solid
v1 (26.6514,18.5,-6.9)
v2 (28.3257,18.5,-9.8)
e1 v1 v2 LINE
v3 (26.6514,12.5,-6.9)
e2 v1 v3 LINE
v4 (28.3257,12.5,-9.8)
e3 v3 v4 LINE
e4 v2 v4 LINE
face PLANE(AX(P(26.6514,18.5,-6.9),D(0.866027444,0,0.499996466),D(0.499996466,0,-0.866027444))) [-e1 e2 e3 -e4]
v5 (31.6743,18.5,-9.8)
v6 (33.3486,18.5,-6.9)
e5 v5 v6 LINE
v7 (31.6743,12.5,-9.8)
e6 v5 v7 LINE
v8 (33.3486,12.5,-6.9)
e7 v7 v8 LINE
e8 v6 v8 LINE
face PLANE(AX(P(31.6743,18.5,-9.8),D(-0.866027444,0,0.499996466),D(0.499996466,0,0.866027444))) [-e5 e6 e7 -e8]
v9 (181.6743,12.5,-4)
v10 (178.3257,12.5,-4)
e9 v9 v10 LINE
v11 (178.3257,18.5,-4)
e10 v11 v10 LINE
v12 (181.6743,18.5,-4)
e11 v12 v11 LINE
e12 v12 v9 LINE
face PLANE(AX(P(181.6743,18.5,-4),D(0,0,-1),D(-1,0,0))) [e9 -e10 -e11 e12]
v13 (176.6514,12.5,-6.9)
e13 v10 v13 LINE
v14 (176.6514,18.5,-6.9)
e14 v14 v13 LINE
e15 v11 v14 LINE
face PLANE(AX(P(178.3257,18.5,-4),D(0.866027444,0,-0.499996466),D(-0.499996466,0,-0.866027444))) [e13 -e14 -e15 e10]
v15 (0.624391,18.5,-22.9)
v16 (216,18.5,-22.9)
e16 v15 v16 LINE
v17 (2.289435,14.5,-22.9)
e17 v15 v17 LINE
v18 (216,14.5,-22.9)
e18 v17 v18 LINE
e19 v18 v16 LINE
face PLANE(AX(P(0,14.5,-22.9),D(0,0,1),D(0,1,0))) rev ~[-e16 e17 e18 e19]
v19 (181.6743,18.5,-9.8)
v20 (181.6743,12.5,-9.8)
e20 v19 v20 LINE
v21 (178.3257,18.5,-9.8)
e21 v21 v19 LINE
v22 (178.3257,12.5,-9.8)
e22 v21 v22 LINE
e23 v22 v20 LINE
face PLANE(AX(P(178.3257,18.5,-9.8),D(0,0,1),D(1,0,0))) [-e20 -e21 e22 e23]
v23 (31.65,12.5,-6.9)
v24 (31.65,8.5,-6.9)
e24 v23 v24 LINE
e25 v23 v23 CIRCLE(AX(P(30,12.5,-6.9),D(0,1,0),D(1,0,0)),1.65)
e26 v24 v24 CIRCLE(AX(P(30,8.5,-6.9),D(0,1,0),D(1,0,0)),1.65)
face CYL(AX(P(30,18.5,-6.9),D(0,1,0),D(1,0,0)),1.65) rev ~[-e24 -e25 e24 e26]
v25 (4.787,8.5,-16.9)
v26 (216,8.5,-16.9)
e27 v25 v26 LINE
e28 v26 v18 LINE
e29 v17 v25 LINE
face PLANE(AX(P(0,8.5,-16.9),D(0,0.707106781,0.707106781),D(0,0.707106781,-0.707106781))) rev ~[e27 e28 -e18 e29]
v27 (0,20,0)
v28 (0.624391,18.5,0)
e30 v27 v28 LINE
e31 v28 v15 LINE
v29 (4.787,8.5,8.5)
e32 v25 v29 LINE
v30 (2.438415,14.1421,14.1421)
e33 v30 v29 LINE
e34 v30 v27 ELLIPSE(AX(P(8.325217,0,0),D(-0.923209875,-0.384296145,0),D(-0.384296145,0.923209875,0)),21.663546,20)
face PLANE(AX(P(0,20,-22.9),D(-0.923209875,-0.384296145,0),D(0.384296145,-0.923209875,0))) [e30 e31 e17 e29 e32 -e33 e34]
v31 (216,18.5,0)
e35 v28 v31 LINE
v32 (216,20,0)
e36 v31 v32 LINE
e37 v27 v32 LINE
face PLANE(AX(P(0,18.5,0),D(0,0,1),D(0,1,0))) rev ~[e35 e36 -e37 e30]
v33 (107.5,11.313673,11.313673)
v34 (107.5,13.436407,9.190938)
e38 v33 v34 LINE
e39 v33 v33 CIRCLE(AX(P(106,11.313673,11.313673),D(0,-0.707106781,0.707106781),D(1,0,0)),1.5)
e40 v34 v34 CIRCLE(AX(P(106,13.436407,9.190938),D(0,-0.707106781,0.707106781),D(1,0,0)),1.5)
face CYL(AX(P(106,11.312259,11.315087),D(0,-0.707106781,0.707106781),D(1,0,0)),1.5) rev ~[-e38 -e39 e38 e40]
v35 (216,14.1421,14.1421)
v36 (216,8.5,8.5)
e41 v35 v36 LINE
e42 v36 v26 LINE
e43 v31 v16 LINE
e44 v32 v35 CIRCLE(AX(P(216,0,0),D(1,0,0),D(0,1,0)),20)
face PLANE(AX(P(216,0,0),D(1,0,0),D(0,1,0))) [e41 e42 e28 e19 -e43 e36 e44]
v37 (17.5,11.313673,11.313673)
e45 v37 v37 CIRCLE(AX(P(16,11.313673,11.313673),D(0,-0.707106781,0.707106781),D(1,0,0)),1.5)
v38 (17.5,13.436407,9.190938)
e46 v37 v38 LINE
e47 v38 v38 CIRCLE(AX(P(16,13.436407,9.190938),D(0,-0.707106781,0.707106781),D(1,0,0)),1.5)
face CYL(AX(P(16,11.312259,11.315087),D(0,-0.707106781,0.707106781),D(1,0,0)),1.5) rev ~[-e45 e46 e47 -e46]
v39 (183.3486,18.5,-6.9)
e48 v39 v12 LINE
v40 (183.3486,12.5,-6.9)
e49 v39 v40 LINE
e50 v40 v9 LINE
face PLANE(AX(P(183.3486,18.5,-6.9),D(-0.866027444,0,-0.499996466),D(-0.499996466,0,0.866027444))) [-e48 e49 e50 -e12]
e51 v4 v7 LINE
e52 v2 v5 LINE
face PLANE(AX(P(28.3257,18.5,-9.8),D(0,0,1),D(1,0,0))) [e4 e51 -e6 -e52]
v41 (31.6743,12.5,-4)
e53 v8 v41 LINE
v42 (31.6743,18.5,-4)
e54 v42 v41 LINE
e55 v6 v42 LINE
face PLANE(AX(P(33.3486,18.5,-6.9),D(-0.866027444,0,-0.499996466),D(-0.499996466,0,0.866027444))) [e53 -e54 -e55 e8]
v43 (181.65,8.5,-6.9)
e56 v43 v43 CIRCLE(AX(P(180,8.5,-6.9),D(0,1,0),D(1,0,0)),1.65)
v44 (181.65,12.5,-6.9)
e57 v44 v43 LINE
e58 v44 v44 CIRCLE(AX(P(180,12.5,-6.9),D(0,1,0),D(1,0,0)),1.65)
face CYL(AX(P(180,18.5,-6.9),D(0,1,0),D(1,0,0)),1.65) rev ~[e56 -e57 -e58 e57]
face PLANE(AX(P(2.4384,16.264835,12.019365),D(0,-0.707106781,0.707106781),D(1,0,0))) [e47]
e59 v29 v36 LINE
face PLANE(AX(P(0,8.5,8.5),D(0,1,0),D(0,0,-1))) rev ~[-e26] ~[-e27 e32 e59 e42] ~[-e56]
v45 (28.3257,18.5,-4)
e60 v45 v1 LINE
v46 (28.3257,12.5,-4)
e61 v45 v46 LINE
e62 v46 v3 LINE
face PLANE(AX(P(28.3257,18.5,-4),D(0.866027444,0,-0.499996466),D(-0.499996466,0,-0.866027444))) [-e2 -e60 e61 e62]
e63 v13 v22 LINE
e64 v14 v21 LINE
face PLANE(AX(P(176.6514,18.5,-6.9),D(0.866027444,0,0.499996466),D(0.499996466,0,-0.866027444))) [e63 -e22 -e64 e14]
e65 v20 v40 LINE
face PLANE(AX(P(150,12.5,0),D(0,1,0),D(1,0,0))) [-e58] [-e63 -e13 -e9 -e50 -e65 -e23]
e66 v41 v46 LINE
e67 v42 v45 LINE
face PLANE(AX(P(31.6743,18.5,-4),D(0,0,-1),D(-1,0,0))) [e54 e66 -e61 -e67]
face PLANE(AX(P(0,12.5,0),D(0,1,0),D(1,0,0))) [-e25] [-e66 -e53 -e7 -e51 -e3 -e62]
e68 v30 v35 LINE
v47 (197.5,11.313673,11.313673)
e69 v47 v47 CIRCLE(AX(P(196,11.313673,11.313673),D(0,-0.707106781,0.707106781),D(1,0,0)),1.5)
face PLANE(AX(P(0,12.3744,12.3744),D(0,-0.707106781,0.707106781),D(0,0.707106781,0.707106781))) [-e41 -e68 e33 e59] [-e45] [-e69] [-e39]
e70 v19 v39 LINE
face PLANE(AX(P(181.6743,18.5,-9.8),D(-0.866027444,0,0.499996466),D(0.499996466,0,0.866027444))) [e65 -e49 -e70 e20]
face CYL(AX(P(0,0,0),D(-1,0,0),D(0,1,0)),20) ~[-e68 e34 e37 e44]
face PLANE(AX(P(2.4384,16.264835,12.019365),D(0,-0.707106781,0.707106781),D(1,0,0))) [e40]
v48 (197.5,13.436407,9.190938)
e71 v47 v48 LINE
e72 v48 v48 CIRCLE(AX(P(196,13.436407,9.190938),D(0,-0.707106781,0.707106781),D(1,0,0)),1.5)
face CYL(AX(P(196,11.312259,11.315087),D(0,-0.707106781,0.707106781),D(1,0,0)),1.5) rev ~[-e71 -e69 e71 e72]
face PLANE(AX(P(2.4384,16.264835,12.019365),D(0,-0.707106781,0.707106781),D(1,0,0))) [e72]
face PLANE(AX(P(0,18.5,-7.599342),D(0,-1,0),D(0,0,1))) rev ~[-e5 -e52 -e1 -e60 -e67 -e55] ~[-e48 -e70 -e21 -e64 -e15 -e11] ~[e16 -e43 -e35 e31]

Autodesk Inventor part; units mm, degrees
ref_plane "YZ Plane" through (0, 0, 0) normal (1, 0, 0) x (0, 1, 0)
ref_plane "XZ Plane" through (0, 0, 0) normal (0, 1, 0) x (-1, 0, 0)
ref_plane "XY Plane" through (0, 0, 0) normal (0, 0, 1) x (1, 0, 0)
sketch "Sketch1" plane through (0, 0, 0) normal (1, 0, 0) x (0, 1, 0)
  circle A0 centre (0, 0) radius 20
  line L0 (8.5, 8.5) -> (-16.9, 8.5)
  line L1 (8.5, 8.5) -> (8.5, -16.9)
  line L2 (0, 0) -> (0, 20)
  line L3 (0, 20) -> (-60.9241, 20)
  line L4 (-60.9241, 20) -> (-60.9241, 18.5)
  line L5 (-60.9241, 18.5) -> (0, 18.5)
  line L6 (0, 18.5) -> (0, 20)
  line L7 (0, 0) -> (14.1421, 14.1421)
  line L8 (0, 0) -> (20, 0)
  line L9 (-16.9, 8.5) -> (-16.9, 18.5)
  line L10 (-16.9, 8.5) -> (-22.9, 14.5)
  line L11 (-22.9, 14.5) -> (-22.9, 18.5)
  line L12 (12.3744, 12.3744) -> (12.1502, 13.2109)
  line L13 (11.3137, 13.435) -> (9.2071, 11.3284)
  line L14 (9.4313, 10.4919) -> (10.2678, 10.2678)
  line L15 (8.5, 8.5) -> (8.5, -16.9)
  line L16 (20, 0) -> (20, -60.9241)
  line L17 (20, -60.9241) -> (18.5, -60.9241)
  line L18 (18.5, -60.9241) -> (18.5, 0)
  line L19 (8.5, -16.9) -> (18.5, -16.9)
  line L20 (8.5, -16.9) -> (14.5, -22.9)
  line L21 (14.5, -22.9) -> (18.5, -22.9)
  arc A1 (9.2071, 11.3284) -> (9.4313, 10.4919) centre (9.5607, 10.9749) ccw
  arc A2 (12.1502, 13.2109) -> (11.3137, 13.435) centre (11.6673, 13.0815) ccw
  line L22 (10.4311, 10.4311) -> (9.483, 10.6851)
  arc A3 (9.3485, 11.187) -> (9.483, 10.6851) centre (9.5607, 10.9749) ccw
  line L23 (9.3485, 11.187) -> (11.4551, 13.2936)
  arc A4 (11.957, 13.1591) -> (11.4551, 13.2936) centre (11.6673, 13.0815) ccw
  line L24 (11.957, 13.1591) -> (12.2111, 12.2111)
  point P0 (0, 8.5)
  point P1 (-17.7041, 9.3041)
  point P2 (-16.9, 10.6953)
  point P3 (10.6953, -16.9)
  point P4 (9.3041, -17.7041)
  point P5 (18.5, 0)
  dimension "d0" = 40
  dimension "d1" = 25.4
  dimension "d2" = 1.5
  dimension "d4" = 45
  dimension "d6" = 45
  dimension "d7" = 4
  dimension "d8" = 10
  dimension "d10" = 2.5
  dimension "d11" = 2.5
  dimension "d12" = 60
  dimension "d13" = 1.5
  dimension "d15" = 0.5
  dimension "d16" = 0.2
extrude "Extrusion1" add sketch "Sketch1" along normal blind 216 contours L8 L1 L7 A0 | L18 L19 A0 | A0 L19 L1 L8 L18 | L19 L18 L21 L20 A0 | A0 L20 L19
sketch "Sketch3" plane through (0, 18.5, 0) normal (0, 1, 0) x (1, 0, 0)
  line L0 (0, 22.9) -> (0, 0) projected
  line L1 (0, 0) -> (216, 0) projected
  line L2 (216, 22.9) -> (216, 0) projected
  line L3 (0, 22.9) -> (216, 22.9) projected
  line L4 (0, 16.9) -> (216, 16.9) projected
  line L5 (28.3257, 4) -> (26.6514, 6.9)
  line L6 (26.6514, 6.9) -> (28.3257, 9.8)
  line L7 (28.3257, 9.8) -> (31.6743, 9.8)
  line L8 (31.6743, 9.8) -> (33.3486, 6.9)
  line L9 (33.3486, 6.9) -> (31.6743, 4)
  line L10 (31.6743, 4) -> (28.3257, 4)
  circle A0 centre (30, 6.9) radius 1.65
  point P0 (0, 0)
  dimension "d28" = 5.8
  dimension "d29" = 10
  dimension "d30" = 30
  dimension "d31" = 3.3
extrude "Extrusion4" cut sketch "Sketch3" against normal blind 6 contours L5 L6 L7 L8 L9 L10 | A0
extrude "Extrusion5" cut sketch "Sketch3" against normal through all contours A0
sketch "Sketch4" plane through (0, 14.5, -22.9) normal (0, 0, -1) x (-1, 0, 0)
  line L0 (0, -6) -> (0, 0) projected
  line L1 (0, 0) -> (0, 4) projected
  line L2 (0, 4) -> (0, 5.5) projected
  line L3 (0, -6) -> (-216, -6) projected
  line L4 (0, 5.5) -> (-216, 5.5) projected
  line L5 (0, 5.5) -> (-4.787, -6)
  point P0 (0, -14.5)
  dimension "d36" = 112.6
extrude "Extrusion6" cut sketch "Sketch4" along normal through all both and the other way through all
pattern_linear "Rectangular Pattern1" count 2 spacing 150 along (1, 0, 0) of "Extrusion5", "Extrusion4"
sketch "Sketch5" plane through (2.4384, 14.1421, 14.1421) normal (0, -0.7071, 0.7071) x (1, 0, 0)
  line L0 (0, 0) -> (2.3486, -7.9792) projected
  line L1 (2.3486, -7.9792) -> (213.5616, -7.9792) projected
  line L2 (213.5616, 0) -> (213.5616, -7.9792) projected
  line L3 (0, 0) -> (213.5616, 0) projected
  circle A0 centre (193.5616, -4) radius 1.5
  line L4 (0, 0) -> (213.5616, 0) projected
  circle A1 centre (103.5616, -4) radius 1.5
  circle A2 centre (13.5616, -4) radius 1.5
  point P0 (-2.4384, -20)
  point P1 (106.7808, 0)
  point P2 (106.7808, 0)
  dimension "d42" = 3
  dimension "d44" = 4
  dimension "d45" = 20
  dimension "d48" = 90
extrude "Extrusion7" cut sketch "Sketch5" against normal blind 3 contours A0 | A1 | A2
properties part number "ESQUINA_REDONDEADA_R20" material "Steel, Mild, Welded"
